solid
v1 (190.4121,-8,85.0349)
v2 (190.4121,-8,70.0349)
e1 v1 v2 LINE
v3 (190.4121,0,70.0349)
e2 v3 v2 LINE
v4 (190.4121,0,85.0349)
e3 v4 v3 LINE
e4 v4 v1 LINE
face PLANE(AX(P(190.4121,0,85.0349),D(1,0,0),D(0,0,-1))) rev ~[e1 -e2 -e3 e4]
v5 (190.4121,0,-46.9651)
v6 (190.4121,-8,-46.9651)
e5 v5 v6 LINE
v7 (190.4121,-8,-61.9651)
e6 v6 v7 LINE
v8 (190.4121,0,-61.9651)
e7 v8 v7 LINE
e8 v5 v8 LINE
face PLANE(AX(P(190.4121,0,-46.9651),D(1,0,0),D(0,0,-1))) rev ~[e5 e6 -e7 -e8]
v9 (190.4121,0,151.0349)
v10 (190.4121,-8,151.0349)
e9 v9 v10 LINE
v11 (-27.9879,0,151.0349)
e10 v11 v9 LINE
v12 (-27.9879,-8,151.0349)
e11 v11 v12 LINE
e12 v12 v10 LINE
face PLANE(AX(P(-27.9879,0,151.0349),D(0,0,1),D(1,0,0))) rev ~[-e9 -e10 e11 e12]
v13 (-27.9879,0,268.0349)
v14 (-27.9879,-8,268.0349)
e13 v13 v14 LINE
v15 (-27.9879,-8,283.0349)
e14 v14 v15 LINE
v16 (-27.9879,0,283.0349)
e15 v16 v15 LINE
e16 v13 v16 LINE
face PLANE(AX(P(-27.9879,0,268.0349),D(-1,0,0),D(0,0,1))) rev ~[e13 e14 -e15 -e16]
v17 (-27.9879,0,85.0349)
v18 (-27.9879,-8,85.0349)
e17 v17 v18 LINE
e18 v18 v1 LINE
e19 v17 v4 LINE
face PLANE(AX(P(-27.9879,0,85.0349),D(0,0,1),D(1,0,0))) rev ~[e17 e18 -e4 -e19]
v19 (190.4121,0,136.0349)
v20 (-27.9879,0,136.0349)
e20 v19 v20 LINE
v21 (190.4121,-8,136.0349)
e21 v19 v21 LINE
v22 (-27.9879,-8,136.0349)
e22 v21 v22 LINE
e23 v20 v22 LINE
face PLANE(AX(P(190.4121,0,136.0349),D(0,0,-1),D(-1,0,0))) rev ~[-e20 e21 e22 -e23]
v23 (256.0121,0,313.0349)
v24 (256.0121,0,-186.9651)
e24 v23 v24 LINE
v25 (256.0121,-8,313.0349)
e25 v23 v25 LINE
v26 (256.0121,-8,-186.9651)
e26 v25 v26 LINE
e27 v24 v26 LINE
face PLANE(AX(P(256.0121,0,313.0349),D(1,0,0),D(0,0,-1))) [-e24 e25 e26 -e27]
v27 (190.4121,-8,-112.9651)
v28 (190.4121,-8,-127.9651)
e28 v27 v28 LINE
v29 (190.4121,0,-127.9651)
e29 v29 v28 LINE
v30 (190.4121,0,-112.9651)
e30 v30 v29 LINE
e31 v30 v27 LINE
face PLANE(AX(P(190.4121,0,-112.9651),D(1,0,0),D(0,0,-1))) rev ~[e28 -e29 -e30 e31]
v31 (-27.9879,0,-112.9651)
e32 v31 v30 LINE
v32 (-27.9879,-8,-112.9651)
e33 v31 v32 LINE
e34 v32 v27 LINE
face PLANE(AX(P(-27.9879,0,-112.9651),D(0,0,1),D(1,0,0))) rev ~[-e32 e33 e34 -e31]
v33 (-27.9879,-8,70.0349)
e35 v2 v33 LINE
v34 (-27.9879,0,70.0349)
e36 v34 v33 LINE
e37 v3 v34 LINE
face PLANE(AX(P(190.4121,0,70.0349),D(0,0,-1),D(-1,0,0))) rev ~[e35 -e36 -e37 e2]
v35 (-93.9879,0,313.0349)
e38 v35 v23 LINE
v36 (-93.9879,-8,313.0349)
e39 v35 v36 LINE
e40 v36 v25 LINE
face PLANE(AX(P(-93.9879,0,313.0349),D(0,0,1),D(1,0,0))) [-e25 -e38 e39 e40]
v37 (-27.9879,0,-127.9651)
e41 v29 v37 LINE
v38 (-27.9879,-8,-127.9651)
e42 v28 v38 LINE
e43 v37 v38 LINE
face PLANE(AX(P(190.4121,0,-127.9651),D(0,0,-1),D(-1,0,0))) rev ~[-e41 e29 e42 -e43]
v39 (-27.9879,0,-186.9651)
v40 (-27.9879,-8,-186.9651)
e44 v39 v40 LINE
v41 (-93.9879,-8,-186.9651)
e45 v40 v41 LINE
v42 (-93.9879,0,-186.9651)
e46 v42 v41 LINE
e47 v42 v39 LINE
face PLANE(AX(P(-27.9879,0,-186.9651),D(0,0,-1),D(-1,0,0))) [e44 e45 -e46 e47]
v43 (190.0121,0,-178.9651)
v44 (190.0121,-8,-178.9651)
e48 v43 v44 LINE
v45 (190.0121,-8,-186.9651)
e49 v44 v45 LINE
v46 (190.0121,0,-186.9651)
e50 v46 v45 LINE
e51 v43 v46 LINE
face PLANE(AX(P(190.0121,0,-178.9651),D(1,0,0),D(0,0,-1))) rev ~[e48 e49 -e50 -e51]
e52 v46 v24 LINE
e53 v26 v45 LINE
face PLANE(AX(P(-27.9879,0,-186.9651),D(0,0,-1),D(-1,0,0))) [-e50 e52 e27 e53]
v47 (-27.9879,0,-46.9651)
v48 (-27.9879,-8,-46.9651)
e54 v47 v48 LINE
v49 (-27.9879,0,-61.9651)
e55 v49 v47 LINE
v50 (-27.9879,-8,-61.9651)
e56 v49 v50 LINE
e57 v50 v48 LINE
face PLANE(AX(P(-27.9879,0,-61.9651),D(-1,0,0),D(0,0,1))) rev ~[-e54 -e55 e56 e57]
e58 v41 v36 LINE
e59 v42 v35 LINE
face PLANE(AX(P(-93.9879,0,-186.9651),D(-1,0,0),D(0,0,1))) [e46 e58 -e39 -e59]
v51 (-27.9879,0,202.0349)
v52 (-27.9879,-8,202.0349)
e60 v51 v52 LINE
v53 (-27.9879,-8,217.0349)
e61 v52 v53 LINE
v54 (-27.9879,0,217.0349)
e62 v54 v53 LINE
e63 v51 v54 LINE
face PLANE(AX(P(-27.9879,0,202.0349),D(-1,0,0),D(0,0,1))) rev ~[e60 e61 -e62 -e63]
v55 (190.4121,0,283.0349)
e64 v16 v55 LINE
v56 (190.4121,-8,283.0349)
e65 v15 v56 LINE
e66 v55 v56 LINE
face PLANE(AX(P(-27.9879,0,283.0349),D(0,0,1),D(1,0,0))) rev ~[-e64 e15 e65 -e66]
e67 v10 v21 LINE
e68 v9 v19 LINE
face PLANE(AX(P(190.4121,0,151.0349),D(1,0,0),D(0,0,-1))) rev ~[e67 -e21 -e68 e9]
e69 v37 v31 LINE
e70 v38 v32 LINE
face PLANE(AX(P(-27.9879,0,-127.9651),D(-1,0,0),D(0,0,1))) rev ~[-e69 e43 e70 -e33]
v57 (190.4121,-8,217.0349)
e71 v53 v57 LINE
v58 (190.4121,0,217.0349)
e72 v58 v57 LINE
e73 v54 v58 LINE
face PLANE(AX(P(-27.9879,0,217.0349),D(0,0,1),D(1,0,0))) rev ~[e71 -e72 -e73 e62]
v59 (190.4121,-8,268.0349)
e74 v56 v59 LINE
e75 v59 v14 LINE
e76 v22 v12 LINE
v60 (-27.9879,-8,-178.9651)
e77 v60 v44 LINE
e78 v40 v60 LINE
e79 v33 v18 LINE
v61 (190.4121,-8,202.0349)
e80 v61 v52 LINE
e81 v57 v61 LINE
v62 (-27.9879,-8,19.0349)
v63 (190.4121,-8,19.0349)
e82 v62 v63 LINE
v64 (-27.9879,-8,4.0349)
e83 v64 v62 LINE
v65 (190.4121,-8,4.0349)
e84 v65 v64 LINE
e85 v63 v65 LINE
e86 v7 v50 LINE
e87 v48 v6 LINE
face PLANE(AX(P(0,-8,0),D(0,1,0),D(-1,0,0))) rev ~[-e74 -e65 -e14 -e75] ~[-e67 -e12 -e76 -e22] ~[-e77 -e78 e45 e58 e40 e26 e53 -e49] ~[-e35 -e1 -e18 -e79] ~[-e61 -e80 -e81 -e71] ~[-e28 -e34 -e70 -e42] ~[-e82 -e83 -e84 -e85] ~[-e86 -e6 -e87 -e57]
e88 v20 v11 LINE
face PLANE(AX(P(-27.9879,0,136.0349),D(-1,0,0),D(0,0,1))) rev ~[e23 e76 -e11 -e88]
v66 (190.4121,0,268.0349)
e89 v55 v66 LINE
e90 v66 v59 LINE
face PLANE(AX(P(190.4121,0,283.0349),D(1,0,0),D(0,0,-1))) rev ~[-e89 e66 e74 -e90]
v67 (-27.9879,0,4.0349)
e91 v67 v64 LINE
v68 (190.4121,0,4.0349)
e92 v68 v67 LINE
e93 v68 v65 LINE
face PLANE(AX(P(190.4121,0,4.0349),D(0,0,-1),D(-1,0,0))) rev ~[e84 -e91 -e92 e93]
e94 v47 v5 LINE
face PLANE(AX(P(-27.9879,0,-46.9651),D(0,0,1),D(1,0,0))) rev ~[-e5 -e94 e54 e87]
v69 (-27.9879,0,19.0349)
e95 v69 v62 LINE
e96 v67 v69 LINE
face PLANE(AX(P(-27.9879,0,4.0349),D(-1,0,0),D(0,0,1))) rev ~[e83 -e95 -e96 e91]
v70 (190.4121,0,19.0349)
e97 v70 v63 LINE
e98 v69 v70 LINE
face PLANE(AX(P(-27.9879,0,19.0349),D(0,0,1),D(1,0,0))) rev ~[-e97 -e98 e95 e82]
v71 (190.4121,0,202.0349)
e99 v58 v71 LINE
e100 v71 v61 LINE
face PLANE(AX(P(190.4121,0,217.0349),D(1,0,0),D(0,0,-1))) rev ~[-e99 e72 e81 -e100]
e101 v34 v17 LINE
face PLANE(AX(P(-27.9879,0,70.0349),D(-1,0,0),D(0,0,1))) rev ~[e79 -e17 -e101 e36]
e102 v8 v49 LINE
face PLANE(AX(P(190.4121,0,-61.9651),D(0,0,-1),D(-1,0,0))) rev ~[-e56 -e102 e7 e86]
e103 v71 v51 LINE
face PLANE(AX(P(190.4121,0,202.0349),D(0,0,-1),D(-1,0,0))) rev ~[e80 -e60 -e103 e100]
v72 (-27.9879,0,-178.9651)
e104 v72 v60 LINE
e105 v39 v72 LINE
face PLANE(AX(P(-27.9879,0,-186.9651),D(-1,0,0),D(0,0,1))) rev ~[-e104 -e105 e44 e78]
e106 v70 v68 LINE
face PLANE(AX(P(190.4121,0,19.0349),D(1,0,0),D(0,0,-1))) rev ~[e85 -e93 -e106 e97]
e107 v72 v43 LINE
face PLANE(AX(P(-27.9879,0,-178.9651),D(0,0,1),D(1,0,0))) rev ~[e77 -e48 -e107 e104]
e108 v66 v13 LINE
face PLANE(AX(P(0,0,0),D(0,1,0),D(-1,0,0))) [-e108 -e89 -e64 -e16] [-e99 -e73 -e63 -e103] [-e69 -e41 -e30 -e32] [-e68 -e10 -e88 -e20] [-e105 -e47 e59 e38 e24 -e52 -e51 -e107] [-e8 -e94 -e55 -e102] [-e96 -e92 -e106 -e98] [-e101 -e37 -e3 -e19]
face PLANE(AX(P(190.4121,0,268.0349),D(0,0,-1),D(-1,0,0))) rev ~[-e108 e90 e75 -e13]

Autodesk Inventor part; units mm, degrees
ref_plane "YZ Plane" through (0, 0, 0) normal (1, 0, 0) x (0, 1, 0)
ref_plane "XZ Plane" through (0, 0, 0) normal (0, 1, 0) x (-1, 0, 0)
ref_plane "XY Plane" through (0, 0, 0) normal (0, 0, 1) x (1, 0, 0)
sketch "Sketch1" plane through (0, 0, 0) normal (0, 1, 0) x (-1, 0, 0)
  line L0 (93.9879, 313.0349) -> (-256.0121, 313.0349)
  line L1 (-256.0121, 313.0349) -> (-256.0121, -186.9651)
  line L2 (-256.0121, -186.9651) -> (93.9879, -186.9651)
  line L3 (93.9879, -186.9651) -> (93.9879, 313.0349)
  line L4 (27.9879, 283.0349) -> (-190.4121, 283.0349)
  line L5 (-190.4121, 283.0349) -> (-190.4121, 268.0349)
  line L6 (-190.4121, 268.0349) -> (27.9879, 268.0349)
  line L7 (27.9879, 268.0349) -> (27.9879, 283.0349)
  line L8 (27.9879, 217.0349) -> (-190.4121, 217.0349)
  line L9 (-190.4121, 217.0349) -> (-190.4121, 202.0349)
  line L10 (-190.4121, 202.0349) -> (27.9879, 202.0349)
  line L11 (27.9879, 202.0349) -> (27.9879, 217.0349)
  line L12 (27.9879, 151.0349) -> (-190.4121, 151.0349)
  line L13 (-190.4121, 151.0349) -> (-190.4121, 136.0349)
  line L14 (-190.4121, 136.0349) -> (27.9879, 136.0349)
  line L15 (27.9879, 136.0349) -> (27.9879, 151.0349)
  line L16 (27.9879, 85.0349) -> (-190.4121, 85.0349)
  line L17 (-190.4121, 85.0349) -> (-190.4121, 70.0349)
  line L18 (-190.4121, 70.0349) -> (27.9879, 70.0349)
  line L19 (27.9879, 70.0349) -> (27.9879, 85.0349)
  line L20 (27.9879, 19.0349) -> (-190.4121, 19.0349)
  line L21 (-190.4121, 19.0349) -> (-190.4121, 4.0349)
  line L22 (-190.4121, 4.0349) -> (27.9879, 4.0349)
  line L23 (27.9879, 4.0349) -> (27.9879, 19.0349)
  line L24 (27.9879, -46.9651) -> (-190.4121, -46.9651)
  line L25 (-190.4121, -46.9651) -> (-190.4121, -61.9651)
  line L26 (-190.4121, -61.9651) -> (27.9879, -61.9651)
  line L27 (27.9879, -61.9651) -> (27.9879, -46.9651)
  line L28 (27.9879, -112.9651) -> (-190.4121, -112.9651)
  line L29 (-190.4121, -112.9651) -> (-190.4121, -127.9651)
  line L30 (-190.4121, -127.9651) -> (27.9879, -127.9651)
  line L31 (27.9879, -127.9651) -> (27.9879, -112.9651)
  line L32 (27.9879, -186.9651) -> (27.9879, -178.9651)
  line L33 (27.9879, -178.9651) -> (-190.0121, -178.9651)
  line L34 (-190.0121, -178.9651) -> (-190.0121, -186.9651)
  dimension "d0" = 500
  dimension "d1" = 350
  dimension "d11" = 15
  dimension "d13" = 30
  dimension "d22" = 66
  dimension "d27" = 8
  dimension "d28" = 218.4
extrude "Extrusion2" add sketch "Sketch1" against normal blind 8 contours L3 L2 L32 L33 L34 L1 L0 | L2 L34 L33 L32 | L11 L10 L9 L8 | L15 L14 L13 L12 | L19 L18 L17 L16 | L23 L22 L21 L20 | L27 L26 L25 L24 | L31 L30 L29 L28
extrude "Extrusion3" cut sketch "Sketch1" against normal up to surface (8 mm away) contours L11 L10 L9 L8 | L15 L14 L13 L12 | L19 L18 L17 L16 | L23 L22 L21 L20 | L27 L26 L25 L24 | L31 L30 L29 L28
extrude "Extrusion4" cut sketch "Sketch1" against normal up to surface (8 mm away) contours L2 L34 L33 L32
properties part number "ferrite_section" material "Acrylic"
